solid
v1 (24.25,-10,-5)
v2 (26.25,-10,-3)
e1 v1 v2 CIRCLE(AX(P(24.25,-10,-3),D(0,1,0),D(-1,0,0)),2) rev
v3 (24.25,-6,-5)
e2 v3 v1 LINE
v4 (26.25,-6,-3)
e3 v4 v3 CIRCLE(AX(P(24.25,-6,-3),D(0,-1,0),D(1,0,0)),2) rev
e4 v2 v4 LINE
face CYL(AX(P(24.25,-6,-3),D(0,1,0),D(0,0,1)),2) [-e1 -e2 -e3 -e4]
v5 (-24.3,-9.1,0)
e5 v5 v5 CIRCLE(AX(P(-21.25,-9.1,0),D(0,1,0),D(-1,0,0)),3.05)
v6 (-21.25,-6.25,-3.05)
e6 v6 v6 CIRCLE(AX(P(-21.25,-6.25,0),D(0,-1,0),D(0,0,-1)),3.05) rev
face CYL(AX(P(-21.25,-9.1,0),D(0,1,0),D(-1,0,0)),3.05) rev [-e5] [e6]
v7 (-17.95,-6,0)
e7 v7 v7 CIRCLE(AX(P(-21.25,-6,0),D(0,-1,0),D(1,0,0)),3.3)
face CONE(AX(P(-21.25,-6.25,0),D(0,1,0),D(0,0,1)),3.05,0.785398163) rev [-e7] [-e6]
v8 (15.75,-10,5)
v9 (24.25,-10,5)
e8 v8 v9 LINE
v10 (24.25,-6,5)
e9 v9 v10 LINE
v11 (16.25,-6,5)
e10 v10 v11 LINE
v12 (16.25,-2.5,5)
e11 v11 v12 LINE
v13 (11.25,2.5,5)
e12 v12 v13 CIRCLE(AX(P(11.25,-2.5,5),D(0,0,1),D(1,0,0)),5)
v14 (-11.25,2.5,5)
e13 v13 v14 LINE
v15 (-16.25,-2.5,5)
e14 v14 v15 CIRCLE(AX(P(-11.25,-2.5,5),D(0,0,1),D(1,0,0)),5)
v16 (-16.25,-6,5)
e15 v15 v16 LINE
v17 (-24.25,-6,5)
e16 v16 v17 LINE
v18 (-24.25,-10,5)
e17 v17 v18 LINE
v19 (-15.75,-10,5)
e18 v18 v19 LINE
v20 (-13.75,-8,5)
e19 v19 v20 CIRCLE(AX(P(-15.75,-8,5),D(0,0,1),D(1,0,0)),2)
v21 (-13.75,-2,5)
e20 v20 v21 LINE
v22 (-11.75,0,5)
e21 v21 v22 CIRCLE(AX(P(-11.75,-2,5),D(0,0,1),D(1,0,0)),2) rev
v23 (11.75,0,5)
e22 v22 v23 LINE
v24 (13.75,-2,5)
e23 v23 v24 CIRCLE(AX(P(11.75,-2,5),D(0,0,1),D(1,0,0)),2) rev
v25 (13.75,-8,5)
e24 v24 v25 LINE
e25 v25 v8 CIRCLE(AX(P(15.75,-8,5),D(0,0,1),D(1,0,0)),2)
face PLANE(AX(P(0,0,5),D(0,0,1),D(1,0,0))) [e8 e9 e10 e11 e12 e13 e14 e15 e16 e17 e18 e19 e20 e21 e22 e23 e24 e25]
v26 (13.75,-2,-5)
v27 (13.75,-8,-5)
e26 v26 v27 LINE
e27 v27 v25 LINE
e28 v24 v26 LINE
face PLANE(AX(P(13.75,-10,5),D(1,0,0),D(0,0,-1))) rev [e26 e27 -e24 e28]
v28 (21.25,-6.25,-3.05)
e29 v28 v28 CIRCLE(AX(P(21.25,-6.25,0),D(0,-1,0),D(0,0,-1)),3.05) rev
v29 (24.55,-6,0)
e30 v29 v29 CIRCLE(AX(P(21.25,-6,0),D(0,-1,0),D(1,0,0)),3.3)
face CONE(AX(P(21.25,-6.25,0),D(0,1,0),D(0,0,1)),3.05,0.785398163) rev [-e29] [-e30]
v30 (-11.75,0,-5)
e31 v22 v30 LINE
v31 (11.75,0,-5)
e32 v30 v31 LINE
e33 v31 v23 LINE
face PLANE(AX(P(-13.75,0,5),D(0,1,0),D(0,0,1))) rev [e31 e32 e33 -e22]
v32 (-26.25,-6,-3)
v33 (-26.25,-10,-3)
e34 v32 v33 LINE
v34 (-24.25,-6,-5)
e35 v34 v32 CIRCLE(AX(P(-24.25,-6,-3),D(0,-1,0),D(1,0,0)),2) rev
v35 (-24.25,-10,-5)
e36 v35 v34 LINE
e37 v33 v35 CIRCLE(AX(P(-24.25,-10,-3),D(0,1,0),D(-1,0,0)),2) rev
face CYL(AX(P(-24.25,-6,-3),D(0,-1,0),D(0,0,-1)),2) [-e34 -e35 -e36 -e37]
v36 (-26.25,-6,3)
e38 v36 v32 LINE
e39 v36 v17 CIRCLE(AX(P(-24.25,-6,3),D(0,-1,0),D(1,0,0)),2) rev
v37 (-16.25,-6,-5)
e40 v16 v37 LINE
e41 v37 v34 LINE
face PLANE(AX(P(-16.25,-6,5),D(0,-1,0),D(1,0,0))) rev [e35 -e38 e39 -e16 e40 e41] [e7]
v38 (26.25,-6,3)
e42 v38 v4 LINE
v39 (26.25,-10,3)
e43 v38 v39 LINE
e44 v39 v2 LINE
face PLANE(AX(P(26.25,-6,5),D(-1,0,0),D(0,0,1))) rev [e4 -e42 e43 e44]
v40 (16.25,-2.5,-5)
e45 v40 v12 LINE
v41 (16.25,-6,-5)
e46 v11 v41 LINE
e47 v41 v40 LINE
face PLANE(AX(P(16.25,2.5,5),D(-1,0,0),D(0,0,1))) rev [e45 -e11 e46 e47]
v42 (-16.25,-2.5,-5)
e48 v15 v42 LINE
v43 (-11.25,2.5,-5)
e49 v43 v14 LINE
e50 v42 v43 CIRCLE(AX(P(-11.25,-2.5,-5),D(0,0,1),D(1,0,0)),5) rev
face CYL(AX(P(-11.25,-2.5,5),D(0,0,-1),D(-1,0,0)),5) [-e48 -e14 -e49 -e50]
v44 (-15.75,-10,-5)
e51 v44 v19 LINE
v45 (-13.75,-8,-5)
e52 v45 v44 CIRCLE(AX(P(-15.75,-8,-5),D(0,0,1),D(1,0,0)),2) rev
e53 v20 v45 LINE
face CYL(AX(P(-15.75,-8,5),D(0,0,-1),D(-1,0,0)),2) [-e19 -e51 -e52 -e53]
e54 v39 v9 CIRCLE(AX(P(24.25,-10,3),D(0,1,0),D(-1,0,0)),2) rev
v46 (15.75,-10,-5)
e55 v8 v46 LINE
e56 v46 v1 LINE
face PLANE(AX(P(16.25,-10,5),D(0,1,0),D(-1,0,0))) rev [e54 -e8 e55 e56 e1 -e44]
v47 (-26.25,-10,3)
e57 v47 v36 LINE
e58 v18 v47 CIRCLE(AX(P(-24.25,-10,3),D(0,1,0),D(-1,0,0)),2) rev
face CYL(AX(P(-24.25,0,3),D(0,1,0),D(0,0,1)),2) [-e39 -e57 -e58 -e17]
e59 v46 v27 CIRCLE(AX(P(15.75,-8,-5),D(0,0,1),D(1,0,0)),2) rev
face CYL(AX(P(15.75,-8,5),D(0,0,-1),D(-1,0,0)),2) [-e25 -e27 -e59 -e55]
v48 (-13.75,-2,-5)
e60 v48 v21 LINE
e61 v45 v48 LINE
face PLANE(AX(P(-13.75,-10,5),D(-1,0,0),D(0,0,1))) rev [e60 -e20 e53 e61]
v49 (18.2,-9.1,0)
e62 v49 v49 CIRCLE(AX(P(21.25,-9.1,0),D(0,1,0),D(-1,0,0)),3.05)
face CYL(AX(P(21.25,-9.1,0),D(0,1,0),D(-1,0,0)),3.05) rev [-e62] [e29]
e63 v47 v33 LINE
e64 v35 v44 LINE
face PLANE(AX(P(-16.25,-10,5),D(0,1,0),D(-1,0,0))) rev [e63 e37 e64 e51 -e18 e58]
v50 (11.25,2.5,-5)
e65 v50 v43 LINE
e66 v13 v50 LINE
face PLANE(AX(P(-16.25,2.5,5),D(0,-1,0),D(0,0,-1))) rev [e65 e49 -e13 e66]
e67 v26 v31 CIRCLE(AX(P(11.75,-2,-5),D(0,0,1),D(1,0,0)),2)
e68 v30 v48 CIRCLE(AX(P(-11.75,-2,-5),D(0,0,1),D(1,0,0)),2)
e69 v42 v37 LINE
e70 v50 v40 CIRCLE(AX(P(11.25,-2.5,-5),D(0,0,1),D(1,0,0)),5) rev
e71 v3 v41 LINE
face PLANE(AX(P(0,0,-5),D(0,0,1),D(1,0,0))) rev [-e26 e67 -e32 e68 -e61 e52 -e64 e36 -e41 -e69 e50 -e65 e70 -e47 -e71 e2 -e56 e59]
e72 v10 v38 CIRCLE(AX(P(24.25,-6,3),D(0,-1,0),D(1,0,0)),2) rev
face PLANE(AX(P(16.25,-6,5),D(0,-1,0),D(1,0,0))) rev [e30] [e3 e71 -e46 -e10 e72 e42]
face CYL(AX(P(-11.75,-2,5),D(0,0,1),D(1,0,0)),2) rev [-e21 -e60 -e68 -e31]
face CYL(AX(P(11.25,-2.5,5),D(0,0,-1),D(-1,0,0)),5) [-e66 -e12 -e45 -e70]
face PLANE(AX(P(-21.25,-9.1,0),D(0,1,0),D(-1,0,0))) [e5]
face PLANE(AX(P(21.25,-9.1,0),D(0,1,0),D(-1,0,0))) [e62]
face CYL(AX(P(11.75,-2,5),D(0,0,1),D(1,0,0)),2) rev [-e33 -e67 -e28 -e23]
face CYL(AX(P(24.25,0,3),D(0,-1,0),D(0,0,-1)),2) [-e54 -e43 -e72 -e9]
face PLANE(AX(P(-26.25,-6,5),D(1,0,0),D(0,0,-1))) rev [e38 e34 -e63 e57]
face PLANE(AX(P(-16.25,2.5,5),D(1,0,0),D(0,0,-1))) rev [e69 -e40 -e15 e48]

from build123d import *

# Parameters (mm, degrees)
BOSS_EXTRUDE1_DEPTH = 5
FILLET1_R           = 2
FILLET2_R           = 5
FILLET3_R           = 2
FILLET4_R           = 2
SKETCH3_R           = 3.05
CUT_EXTRUDE1_DEPTH  = 3.1
CHAMFER1_SIZE       = 0.25


with BuildPart() as part:
    # Sketch1 → Boss-Extrude1 (new body, symmetric)
    with BuildSketch(Plane.XY):
        Polygon((-16.25, 2.5), (16.25, 2.5), (16.25, -6), (26.25, -6), (26.25, -10), (16.25, -10), (13.75, -10), (13.75, 0), (-13.75, 0), (-13.75, -10), (-16.25, -10), (-26.25, -10), (-26.25, -6), (-16.25, -6), align=None)
    extrude(amount=BOSS_EXTRUDE1_DEPTH, both=True)

    # Fillet1
    fillet1_edges = [part.edges().sort_by_distance(p)[0] for p in [
        (13.75, 0, 0),
        (-13.75, 0, 0),
    ]]
    fillet(fillet1_edges, radius=FILLET1_R)

    # Fillet2
    fillet2_edges = [part.edges().sort_by_distance(p)[0] for p in [
        (-16.25, 2.5, 0),
        (16.25, 2.5, 0),
    ]]
    fillet(fillet2_edges, radius=FILLET2_R)

    # Fillet3
    fillet3_edges = [part.edges().sort_by_distance(p)[0] for p in [
        (26.25, -8, -5),
        (-26.25, -8, -5),
        (-26.25, -8, 5),
        (26.25, -8, 5),
    ]]
    fillet(fillet3_edges, radius=FILLET3_R)

    # Fillet4
    fillet4_edges = [part.edges().sort_by_distance(p)[0] for p in [
        (13.75, -10, 0),
        (-13.75, -10, 0),
    ]]
    fillet(fillet4_edges, radius=FILLET4_R)

    # Sketch3 → Cut-Extrude1 (cut)
    with BuildSketch(Plane(origin=(0, -6, 0), x_dir=(1, 0, 0), z_dir=(0, 1, 0))):
        with Locations((21.25, 0)):
            Circle(SKETCH3_R)
        with Locations((-21.25, 0)):
            Circle(SKETCH3_R)
    extrude(amount=-CUT_EXTRUDE1_DEPTH, mode=Mode.SUBTRACT)

    # Chamfer1
    chamfer1_edges = [part.edges().sort_by_distance(p)[0] for p in [
        (18.2, -6, 0),
        (-24.3, -6, 0),
    ]]
    chamfer(chamfer1_edges, length=CHAMFER1_SIZE)


solid = part.part
